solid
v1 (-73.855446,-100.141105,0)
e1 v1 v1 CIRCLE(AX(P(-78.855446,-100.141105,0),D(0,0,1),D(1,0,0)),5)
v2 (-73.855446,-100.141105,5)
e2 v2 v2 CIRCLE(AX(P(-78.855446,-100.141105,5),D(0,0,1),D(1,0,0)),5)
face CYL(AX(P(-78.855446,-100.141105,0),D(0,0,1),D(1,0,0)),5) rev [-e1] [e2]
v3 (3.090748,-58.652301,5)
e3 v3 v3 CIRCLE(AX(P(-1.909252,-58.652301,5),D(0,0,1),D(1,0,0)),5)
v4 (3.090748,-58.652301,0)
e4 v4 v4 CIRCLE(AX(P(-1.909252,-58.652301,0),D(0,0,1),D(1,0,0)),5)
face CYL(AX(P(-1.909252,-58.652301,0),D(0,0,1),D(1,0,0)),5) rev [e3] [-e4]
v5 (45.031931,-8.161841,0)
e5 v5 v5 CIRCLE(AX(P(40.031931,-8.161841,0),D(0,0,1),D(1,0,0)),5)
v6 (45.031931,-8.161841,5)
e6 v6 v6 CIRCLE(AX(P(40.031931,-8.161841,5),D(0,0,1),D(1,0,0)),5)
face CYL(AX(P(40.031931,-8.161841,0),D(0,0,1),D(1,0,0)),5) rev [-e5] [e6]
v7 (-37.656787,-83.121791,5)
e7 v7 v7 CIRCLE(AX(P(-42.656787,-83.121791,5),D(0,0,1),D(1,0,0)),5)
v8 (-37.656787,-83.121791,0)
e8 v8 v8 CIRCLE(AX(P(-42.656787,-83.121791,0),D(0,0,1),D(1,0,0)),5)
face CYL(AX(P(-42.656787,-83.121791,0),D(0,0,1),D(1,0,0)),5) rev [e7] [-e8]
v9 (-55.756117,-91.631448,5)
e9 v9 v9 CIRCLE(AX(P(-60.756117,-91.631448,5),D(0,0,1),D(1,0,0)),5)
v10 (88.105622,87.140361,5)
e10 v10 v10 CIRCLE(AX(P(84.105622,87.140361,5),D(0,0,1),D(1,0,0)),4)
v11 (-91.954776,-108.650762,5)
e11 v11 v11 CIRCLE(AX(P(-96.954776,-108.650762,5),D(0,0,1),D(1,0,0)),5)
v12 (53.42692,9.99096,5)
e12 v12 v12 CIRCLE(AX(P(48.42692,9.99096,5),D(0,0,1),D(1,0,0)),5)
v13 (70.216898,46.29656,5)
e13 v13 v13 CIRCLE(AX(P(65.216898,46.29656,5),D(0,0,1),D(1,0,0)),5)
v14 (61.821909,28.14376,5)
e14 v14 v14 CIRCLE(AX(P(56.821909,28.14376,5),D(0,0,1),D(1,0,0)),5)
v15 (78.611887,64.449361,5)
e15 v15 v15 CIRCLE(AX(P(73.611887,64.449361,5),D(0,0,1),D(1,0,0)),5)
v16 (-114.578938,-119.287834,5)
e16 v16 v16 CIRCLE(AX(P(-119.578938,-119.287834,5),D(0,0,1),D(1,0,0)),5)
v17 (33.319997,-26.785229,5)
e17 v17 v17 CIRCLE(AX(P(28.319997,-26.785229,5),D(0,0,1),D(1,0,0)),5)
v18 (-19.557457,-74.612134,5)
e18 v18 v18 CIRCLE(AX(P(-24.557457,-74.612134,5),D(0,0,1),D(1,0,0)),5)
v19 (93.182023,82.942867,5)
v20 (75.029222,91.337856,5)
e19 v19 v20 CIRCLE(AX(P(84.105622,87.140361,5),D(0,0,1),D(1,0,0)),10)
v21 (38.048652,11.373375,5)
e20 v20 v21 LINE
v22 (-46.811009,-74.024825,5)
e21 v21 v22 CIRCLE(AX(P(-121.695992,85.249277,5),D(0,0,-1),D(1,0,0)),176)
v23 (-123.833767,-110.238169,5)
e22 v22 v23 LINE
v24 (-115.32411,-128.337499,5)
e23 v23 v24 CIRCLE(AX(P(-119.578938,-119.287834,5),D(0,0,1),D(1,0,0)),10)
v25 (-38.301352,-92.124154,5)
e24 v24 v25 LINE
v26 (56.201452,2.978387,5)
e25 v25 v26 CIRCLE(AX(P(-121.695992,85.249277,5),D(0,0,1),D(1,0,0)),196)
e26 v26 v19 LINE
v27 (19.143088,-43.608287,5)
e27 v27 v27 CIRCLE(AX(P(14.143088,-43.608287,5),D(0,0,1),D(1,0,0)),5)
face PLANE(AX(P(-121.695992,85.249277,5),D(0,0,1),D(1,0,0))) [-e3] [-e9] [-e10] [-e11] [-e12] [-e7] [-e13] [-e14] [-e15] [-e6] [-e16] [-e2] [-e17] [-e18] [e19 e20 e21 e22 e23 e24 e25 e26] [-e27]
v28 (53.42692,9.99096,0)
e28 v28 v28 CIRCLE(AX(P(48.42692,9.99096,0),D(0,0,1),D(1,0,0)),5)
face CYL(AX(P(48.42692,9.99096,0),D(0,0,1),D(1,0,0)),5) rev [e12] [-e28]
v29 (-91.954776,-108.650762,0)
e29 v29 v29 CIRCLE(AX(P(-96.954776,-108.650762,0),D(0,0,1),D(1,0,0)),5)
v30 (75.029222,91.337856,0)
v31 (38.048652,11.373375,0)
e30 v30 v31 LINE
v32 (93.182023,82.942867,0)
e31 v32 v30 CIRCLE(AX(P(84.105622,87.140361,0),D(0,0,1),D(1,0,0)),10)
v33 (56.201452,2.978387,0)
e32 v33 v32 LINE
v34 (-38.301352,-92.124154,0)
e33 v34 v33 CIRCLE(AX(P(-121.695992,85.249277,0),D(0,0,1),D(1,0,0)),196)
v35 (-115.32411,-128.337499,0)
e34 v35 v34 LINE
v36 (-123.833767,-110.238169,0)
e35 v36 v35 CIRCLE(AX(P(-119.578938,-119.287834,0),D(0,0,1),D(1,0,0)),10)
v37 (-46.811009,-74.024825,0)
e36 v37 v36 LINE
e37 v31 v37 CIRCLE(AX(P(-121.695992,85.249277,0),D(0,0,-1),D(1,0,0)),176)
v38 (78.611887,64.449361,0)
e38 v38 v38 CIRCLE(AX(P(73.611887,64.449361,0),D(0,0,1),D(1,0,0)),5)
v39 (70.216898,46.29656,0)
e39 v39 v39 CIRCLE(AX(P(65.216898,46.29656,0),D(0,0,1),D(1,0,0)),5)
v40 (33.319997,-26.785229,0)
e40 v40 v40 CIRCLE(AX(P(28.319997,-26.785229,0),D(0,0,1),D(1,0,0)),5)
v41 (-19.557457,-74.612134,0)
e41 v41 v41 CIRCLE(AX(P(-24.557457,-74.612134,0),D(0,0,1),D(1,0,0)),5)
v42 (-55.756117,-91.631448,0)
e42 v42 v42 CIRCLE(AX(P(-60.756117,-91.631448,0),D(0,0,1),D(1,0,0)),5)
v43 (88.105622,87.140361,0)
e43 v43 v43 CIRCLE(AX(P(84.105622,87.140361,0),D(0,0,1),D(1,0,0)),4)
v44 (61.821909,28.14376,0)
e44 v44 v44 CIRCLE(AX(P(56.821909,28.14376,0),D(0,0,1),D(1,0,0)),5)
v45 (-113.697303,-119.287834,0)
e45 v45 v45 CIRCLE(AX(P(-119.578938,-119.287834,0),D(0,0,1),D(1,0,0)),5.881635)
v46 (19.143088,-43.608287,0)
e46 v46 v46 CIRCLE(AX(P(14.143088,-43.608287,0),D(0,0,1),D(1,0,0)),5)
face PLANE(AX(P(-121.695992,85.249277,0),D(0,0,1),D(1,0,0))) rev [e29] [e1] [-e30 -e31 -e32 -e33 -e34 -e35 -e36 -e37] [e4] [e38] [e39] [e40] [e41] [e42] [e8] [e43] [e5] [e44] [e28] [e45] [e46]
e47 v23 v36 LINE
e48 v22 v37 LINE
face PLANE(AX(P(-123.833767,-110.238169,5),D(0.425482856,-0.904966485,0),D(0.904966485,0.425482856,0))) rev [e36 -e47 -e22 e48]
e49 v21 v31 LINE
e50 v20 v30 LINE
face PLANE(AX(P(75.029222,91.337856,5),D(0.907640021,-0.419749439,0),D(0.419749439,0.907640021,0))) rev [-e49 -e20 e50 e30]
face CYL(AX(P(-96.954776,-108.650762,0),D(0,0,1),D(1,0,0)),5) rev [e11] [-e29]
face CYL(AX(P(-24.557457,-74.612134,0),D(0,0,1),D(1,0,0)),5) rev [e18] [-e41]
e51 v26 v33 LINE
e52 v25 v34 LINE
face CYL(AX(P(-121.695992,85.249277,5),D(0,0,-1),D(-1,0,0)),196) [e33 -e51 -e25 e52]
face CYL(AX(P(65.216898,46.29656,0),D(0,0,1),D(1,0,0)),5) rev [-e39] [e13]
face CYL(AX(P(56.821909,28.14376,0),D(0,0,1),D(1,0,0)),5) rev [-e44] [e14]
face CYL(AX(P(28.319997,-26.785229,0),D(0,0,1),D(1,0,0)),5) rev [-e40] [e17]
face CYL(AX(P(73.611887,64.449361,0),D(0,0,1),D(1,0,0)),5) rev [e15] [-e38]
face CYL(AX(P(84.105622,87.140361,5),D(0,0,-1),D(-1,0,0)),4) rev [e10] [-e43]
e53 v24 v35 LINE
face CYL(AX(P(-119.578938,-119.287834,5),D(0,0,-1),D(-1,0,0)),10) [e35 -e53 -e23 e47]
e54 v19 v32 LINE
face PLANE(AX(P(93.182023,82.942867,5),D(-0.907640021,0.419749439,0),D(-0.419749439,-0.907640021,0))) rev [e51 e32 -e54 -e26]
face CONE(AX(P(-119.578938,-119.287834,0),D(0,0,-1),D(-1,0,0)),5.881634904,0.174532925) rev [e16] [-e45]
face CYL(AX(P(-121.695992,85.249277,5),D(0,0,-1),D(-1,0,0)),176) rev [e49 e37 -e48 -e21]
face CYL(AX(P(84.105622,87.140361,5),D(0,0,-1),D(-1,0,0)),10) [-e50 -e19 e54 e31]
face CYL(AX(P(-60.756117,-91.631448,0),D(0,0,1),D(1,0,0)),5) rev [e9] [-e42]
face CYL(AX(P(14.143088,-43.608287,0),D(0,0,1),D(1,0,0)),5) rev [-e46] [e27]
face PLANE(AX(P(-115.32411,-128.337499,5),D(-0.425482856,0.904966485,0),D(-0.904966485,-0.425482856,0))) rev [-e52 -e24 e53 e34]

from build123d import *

# Parameters (mm, degrees)
ESQUISSE1_R             = 4
BASE_EXTRUSION_DEPTH    = 5
ESQUISSE4_R             = 5
ENL_V_MAT_EXTRU_1_DEPTH = 184.114841449
ESQUISSE5_R             = 5
ENL_V_MAT_EXTRU_2_DEPTH = 5
ESQUISSE12_R            = 5
ENL_V_MAT_EXTRU_3_DEPTH = 184.114841449


with BuildPart() as part:
    # Esquisse1 → Base-Extrusion (new body)
    with BuildSketch(Plane.XY):
        with BuildLine():
            Line((75.029222277, 91.337855838), (38.048651763, 11.373375441))
            ThreePointArc((38.048651763, 11.373375441), (3.1478246, -38.807248513), (-46.811009341, -74.02482464))
            Line((-46.811009341, -74.02482464), (-123.833766756, -110.238168816))
            ThreePointArc((-123.833766756, -110.238168816), (-128.628603048, -123.542662227), (-115.324109637, -128.33749852))
            Line((-115.324109637, -128.33749852), (-38.301352222, -92.124154344))
            ThreePointArc((-38.301352222, -92.124154344), (17.334621939, -52.904580929), (56.201452189, 2.978386656))
            Line((56.201452189, 2.978386656), (93.182022703, 82.942867053))
            ThreePointArc((93.182022703, 82.942867053), (88.303116883, 96.216761659), (75.029222277, 91.337855838))
        make_face()
        with Locations((84.10562249, 87.140361446)):
            Circle(ESQUISSE1_R, mode=Mode.SUBTRACT)
    extrude(amount=BASE_EXTRUSION_DEPTH)

    # Esquisse3 → Enlèvement de matière-Révolution2 (revolve, cut)
    with BuildSketch(Plane(origin=(24.28345685, -51.648883823, 0), x_dir=(0.9049664851912627, 0.4254828559185108, 0), z_dir=(0.4254828559185108, -0.9049664851912627, 0)), mode=Mode.PRIVATE) as enl_vement_de_mati_re_r_volution2_sk:
        Polygon((-158.969859548, 5), (-153.969859548, 5), (-153.088224644, 0), (-158.969859548, 0), align=None)
    revolve(enl_vement_de_mati_re_r_volution2_sk.sketch.rotate(Axis((-119.578938197, -119.287833668, 13.424474394), (0, 0, -1)), 25.181230443), axis=Axis((-119.578938197, -119.287833668, 13.424474394), (0, 0, -1)), mode=Mode.SUBTRACT)

    # Esquisse4 → Enlèv. mat.-Extru.1 (cut, through all)
    with BuildSketch(Plane.XY.offset(5)):
        with Locations((73.611886508, 64.449360914)):
            Circle(ESQUISSE4_R)
        with Locations((65.216897723, 46.296560488)):
            Circle(ESQUISSE4_R)
        with Locations((56.821908937, 28.143760062)):
            Circle(ESQUISSE4_R)
        with Locations((48.426920152, 9.990959637)):
            Circle(ESQUISSE4_R)
        with Locations((40.031931366, -8.161840789)):
            Circle(ESQUISSE4_R)
    extrude(amount=-ENL_V_MAT_EXTRU_1_DEPTH, mode=Mode.SUBTRACT)

    # Esquisse5 → Enlèv. mat.-Extru.2 (cut)
    with BuildSketch(Plane.XY.offset(5)):
        with Locations((-96.954776067, -108.65076227)):
            Circle(ESQUISSE5_R)
        with Locations((-78.855446363, -100.141105152)):
            Circle(ESQUISSE5_R)
        with Locations((-60.756116659, -91.631448033)):
            Circle(ESQUISSE5_R)
        with Locations((-42.656786955, -83.121790915)):
            Circle(ESQUISSE5_R)
        with Locations((-24.557457251, -74.612133797)):
            Circle(ESQUISSE5_R)
    extrude(amount=-ENL_V_MAT_EXTRU_2_DEPTH, mode=Mode.SUBTRACT)

    # Esquisse12 → Enlèv. mat.-Extru.3 (cut, through all)
    with BuildSketch(Plane.XY.offset(5)):
        with Locations((-1.909251541, -58.652301466)):
            Circle(ESQUISSE12_R)
        with Locations((14.143088399, -43.608286628)):
            Circle(ESQUISSE12_R)
        with Locations((28.319996864, -26.785229047)):
            Circle(ESQUISSE12_R)
    extrude(amount=-ENL_V_MAT_EXTRU_3_DEPTH, mode=Mode.SUBTRACT)


solid = part.part
